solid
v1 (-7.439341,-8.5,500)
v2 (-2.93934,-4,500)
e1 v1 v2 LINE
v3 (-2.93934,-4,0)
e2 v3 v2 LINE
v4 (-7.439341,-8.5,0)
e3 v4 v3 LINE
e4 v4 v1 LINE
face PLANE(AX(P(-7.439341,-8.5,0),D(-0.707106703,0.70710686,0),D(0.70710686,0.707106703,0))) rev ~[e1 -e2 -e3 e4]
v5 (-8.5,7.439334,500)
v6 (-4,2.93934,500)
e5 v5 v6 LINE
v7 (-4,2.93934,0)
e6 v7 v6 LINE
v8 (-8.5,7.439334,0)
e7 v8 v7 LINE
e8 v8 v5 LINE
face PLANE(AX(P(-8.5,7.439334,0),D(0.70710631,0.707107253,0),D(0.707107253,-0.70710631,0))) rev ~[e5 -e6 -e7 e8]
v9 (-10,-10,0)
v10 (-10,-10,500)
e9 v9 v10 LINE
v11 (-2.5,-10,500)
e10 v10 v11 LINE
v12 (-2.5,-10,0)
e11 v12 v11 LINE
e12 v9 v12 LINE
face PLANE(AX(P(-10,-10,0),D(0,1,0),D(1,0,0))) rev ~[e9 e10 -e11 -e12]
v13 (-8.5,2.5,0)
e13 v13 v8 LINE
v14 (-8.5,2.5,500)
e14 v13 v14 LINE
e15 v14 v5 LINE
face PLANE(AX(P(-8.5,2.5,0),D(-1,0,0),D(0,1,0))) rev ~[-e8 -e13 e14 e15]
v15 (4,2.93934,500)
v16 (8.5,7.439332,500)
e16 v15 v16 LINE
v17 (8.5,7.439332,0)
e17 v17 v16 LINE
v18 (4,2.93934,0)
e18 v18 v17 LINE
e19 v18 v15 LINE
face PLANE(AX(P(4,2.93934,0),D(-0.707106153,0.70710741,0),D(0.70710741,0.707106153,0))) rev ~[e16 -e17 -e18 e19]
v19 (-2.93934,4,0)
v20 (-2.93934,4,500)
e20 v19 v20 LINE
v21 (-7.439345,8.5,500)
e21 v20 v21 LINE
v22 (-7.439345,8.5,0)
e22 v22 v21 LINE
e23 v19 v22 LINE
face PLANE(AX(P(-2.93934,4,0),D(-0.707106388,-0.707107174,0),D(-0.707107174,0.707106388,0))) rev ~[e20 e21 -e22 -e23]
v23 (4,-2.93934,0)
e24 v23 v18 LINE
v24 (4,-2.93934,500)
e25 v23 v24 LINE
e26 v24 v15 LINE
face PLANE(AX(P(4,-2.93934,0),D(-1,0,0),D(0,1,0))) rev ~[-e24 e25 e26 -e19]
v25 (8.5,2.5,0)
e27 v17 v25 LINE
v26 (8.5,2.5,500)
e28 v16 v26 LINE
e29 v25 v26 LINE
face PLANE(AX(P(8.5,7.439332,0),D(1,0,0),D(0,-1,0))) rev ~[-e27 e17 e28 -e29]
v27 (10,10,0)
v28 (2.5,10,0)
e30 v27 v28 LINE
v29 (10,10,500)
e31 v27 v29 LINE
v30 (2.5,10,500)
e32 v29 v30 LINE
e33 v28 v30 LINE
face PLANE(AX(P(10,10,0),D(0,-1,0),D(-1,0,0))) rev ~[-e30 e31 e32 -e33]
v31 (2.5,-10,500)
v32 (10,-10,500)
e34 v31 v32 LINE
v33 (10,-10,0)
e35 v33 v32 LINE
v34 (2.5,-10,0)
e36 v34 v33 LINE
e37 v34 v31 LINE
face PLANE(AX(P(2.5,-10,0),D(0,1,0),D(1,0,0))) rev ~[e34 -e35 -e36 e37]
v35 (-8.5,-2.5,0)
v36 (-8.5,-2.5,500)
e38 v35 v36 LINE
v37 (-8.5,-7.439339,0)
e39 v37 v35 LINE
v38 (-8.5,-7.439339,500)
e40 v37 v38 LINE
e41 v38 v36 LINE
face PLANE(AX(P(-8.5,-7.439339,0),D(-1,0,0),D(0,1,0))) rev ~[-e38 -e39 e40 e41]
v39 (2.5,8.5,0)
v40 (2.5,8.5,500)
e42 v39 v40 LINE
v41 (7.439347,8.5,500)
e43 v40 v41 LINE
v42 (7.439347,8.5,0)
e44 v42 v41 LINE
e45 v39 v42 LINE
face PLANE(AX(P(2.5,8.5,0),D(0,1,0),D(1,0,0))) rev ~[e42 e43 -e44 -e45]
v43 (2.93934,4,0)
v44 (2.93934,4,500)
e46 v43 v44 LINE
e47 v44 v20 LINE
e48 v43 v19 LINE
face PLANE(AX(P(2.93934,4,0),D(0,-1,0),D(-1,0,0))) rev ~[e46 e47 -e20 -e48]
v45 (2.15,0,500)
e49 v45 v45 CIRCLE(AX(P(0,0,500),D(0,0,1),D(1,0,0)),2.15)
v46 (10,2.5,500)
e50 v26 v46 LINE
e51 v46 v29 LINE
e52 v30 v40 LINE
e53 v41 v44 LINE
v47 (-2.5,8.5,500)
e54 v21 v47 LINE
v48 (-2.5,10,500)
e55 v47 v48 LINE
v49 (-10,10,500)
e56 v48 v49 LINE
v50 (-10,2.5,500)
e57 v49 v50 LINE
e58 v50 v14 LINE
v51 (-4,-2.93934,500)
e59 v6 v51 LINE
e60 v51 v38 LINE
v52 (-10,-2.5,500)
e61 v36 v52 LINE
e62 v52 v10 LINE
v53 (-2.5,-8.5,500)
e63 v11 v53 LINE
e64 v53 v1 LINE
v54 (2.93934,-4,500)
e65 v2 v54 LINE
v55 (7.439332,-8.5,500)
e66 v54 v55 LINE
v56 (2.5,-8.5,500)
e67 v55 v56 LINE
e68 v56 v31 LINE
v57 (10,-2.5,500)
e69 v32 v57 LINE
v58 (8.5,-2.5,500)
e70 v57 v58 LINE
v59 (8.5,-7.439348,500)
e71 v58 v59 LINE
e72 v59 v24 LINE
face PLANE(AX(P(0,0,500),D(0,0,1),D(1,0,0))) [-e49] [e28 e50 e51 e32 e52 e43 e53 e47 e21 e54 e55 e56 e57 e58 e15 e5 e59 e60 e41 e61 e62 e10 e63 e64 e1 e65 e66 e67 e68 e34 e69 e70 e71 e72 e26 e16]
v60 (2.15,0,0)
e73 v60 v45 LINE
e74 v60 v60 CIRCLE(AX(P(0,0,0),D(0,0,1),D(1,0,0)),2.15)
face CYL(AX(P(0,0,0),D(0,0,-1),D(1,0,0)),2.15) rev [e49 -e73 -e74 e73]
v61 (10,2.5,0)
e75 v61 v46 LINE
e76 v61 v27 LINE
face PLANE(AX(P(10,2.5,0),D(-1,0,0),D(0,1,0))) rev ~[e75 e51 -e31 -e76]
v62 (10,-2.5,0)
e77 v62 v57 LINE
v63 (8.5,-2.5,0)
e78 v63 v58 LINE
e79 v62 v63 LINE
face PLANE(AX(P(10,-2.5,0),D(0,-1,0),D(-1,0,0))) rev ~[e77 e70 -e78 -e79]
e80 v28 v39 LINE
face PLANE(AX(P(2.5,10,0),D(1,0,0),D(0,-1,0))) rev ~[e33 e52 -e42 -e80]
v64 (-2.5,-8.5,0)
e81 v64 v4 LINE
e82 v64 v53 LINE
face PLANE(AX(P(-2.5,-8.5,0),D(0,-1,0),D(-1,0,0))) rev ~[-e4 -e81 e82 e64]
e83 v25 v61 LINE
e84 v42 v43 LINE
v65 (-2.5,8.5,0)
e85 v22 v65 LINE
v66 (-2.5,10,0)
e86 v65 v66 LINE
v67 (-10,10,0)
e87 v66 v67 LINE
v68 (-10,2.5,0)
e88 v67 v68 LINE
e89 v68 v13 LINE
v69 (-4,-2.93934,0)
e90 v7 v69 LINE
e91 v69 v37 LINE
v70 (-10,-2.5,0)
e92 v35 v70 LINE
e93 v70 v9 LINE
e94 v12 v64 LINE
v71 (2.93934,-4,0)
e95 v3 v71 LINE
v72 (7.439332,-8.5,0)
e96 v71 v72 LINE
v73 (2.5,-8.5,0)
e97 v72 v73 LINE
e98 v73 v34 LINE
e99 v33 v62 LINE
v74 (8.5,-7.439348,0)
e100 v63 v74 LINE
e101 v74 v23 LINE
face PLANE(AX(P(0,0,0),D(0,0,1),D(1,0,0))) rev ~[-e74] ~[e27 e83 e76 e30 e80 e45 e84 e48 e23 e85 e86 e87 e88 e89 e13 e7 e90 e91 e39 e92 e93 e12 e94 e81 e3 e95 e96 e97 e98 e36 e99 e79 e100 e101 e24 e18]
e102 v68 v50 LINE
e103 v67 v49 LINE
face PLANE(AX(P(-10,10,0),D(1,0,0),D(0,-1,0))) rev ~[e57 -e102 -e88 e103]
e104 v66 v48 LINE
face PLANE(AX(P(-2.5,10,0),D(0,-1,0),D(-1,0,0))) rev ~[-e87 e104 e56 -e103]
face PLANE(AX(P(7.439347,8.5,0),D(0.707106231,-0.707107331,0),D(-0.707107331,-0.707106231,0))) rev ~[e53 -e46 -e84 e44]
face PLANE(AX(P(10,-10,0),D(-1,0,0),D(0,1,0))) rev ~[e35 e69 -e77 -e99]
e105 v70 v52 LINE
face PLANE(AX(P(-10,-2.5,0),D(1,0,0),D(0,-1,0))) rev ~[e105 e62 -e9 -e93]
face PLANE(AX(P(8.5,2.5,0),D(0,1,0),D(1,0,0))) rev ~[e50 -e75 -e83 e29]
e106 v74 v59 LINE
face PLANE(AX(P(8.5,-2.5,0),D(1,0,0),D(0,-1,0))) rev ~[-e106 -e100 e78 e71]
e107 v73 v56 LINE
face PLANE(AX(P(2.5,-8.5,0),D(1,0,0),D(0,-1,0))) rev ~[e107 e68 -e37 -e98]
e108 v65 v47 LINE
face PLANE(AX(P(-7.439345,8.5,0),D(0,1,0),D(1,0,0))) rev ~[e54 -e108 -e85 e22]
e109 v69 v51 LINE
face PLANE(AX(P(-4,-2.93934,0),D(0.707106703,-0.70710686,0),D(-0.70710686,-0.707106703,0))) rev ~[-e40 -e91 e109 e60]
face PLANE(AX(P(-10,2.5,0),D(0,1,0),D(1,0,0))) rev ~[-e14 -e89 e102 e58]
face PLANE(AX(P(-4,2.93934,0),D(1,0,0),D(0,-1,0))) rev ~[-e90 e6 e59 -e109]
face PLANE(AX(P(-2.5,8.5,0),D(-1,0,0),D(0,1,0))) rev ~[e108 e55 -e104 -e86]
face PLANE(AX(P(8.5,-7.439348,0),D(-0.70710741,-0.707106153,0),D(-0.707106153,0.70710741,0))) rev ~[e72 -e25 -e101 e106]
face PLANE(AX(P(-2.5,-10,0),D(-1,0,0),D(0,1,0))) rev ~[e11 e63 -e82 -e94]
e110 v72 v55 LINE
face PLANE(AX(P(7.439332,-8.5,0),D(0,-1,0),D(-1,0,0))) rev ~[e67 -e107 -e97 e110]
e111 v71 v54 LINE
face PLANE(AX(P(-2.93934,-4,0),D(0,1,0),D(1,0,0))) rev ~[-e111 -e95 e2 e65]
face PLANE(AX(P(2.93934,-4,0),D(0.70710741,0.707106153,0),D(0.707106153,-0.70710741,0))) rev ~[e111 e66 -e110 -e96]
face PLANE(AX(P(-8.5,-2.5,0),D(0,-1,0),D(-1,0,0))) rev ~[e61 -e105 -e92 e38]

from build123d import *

# Parameters (mm, degrees)
SKETCH_R  = 2.15
PAD_DEPTH = 500


with BuildPart() as part:
    # Sketch → Pad (new body)
    with BuildSketch(Plane.XY):
        Polygon((-4, 2.93934), (-4, -2.93934), (-8.5, -7.439339), (-8.5, -2.5), (-10, -2.5), (-10, -10), (-2.5, -10), (-2.5, -8.5), (-7.439341, -8.5), (-2.93934, -4), (2.93934, -4), (7.439332, -8.5), (2.5, -8.5), (2.5, -10), (10, -10), (10, -2.5), (8.5, -2.5), (8.5, -7.439348), (4, -2.93934), (4, 2.93934), (8.5, 7.439332), (8.5, 2.5), (10, 2.5), (10, 10), (2.5, 10), (2.5, 8.5), (7.439347, 8.5), (2.93934, 4), (-2.93934, 4), (-7.439345, 8.5), (-2.5, 8.5), (-2.5, 10), (-10, 10), (-10, 2.5), (-8.5, 2.5), (-8.5, 7.439334), align=None)
        Circle(SKETCH_R, mode=Mode.SUBTRACT)
    extrude(amount=PAD_DEPTH)


solid = part.part
